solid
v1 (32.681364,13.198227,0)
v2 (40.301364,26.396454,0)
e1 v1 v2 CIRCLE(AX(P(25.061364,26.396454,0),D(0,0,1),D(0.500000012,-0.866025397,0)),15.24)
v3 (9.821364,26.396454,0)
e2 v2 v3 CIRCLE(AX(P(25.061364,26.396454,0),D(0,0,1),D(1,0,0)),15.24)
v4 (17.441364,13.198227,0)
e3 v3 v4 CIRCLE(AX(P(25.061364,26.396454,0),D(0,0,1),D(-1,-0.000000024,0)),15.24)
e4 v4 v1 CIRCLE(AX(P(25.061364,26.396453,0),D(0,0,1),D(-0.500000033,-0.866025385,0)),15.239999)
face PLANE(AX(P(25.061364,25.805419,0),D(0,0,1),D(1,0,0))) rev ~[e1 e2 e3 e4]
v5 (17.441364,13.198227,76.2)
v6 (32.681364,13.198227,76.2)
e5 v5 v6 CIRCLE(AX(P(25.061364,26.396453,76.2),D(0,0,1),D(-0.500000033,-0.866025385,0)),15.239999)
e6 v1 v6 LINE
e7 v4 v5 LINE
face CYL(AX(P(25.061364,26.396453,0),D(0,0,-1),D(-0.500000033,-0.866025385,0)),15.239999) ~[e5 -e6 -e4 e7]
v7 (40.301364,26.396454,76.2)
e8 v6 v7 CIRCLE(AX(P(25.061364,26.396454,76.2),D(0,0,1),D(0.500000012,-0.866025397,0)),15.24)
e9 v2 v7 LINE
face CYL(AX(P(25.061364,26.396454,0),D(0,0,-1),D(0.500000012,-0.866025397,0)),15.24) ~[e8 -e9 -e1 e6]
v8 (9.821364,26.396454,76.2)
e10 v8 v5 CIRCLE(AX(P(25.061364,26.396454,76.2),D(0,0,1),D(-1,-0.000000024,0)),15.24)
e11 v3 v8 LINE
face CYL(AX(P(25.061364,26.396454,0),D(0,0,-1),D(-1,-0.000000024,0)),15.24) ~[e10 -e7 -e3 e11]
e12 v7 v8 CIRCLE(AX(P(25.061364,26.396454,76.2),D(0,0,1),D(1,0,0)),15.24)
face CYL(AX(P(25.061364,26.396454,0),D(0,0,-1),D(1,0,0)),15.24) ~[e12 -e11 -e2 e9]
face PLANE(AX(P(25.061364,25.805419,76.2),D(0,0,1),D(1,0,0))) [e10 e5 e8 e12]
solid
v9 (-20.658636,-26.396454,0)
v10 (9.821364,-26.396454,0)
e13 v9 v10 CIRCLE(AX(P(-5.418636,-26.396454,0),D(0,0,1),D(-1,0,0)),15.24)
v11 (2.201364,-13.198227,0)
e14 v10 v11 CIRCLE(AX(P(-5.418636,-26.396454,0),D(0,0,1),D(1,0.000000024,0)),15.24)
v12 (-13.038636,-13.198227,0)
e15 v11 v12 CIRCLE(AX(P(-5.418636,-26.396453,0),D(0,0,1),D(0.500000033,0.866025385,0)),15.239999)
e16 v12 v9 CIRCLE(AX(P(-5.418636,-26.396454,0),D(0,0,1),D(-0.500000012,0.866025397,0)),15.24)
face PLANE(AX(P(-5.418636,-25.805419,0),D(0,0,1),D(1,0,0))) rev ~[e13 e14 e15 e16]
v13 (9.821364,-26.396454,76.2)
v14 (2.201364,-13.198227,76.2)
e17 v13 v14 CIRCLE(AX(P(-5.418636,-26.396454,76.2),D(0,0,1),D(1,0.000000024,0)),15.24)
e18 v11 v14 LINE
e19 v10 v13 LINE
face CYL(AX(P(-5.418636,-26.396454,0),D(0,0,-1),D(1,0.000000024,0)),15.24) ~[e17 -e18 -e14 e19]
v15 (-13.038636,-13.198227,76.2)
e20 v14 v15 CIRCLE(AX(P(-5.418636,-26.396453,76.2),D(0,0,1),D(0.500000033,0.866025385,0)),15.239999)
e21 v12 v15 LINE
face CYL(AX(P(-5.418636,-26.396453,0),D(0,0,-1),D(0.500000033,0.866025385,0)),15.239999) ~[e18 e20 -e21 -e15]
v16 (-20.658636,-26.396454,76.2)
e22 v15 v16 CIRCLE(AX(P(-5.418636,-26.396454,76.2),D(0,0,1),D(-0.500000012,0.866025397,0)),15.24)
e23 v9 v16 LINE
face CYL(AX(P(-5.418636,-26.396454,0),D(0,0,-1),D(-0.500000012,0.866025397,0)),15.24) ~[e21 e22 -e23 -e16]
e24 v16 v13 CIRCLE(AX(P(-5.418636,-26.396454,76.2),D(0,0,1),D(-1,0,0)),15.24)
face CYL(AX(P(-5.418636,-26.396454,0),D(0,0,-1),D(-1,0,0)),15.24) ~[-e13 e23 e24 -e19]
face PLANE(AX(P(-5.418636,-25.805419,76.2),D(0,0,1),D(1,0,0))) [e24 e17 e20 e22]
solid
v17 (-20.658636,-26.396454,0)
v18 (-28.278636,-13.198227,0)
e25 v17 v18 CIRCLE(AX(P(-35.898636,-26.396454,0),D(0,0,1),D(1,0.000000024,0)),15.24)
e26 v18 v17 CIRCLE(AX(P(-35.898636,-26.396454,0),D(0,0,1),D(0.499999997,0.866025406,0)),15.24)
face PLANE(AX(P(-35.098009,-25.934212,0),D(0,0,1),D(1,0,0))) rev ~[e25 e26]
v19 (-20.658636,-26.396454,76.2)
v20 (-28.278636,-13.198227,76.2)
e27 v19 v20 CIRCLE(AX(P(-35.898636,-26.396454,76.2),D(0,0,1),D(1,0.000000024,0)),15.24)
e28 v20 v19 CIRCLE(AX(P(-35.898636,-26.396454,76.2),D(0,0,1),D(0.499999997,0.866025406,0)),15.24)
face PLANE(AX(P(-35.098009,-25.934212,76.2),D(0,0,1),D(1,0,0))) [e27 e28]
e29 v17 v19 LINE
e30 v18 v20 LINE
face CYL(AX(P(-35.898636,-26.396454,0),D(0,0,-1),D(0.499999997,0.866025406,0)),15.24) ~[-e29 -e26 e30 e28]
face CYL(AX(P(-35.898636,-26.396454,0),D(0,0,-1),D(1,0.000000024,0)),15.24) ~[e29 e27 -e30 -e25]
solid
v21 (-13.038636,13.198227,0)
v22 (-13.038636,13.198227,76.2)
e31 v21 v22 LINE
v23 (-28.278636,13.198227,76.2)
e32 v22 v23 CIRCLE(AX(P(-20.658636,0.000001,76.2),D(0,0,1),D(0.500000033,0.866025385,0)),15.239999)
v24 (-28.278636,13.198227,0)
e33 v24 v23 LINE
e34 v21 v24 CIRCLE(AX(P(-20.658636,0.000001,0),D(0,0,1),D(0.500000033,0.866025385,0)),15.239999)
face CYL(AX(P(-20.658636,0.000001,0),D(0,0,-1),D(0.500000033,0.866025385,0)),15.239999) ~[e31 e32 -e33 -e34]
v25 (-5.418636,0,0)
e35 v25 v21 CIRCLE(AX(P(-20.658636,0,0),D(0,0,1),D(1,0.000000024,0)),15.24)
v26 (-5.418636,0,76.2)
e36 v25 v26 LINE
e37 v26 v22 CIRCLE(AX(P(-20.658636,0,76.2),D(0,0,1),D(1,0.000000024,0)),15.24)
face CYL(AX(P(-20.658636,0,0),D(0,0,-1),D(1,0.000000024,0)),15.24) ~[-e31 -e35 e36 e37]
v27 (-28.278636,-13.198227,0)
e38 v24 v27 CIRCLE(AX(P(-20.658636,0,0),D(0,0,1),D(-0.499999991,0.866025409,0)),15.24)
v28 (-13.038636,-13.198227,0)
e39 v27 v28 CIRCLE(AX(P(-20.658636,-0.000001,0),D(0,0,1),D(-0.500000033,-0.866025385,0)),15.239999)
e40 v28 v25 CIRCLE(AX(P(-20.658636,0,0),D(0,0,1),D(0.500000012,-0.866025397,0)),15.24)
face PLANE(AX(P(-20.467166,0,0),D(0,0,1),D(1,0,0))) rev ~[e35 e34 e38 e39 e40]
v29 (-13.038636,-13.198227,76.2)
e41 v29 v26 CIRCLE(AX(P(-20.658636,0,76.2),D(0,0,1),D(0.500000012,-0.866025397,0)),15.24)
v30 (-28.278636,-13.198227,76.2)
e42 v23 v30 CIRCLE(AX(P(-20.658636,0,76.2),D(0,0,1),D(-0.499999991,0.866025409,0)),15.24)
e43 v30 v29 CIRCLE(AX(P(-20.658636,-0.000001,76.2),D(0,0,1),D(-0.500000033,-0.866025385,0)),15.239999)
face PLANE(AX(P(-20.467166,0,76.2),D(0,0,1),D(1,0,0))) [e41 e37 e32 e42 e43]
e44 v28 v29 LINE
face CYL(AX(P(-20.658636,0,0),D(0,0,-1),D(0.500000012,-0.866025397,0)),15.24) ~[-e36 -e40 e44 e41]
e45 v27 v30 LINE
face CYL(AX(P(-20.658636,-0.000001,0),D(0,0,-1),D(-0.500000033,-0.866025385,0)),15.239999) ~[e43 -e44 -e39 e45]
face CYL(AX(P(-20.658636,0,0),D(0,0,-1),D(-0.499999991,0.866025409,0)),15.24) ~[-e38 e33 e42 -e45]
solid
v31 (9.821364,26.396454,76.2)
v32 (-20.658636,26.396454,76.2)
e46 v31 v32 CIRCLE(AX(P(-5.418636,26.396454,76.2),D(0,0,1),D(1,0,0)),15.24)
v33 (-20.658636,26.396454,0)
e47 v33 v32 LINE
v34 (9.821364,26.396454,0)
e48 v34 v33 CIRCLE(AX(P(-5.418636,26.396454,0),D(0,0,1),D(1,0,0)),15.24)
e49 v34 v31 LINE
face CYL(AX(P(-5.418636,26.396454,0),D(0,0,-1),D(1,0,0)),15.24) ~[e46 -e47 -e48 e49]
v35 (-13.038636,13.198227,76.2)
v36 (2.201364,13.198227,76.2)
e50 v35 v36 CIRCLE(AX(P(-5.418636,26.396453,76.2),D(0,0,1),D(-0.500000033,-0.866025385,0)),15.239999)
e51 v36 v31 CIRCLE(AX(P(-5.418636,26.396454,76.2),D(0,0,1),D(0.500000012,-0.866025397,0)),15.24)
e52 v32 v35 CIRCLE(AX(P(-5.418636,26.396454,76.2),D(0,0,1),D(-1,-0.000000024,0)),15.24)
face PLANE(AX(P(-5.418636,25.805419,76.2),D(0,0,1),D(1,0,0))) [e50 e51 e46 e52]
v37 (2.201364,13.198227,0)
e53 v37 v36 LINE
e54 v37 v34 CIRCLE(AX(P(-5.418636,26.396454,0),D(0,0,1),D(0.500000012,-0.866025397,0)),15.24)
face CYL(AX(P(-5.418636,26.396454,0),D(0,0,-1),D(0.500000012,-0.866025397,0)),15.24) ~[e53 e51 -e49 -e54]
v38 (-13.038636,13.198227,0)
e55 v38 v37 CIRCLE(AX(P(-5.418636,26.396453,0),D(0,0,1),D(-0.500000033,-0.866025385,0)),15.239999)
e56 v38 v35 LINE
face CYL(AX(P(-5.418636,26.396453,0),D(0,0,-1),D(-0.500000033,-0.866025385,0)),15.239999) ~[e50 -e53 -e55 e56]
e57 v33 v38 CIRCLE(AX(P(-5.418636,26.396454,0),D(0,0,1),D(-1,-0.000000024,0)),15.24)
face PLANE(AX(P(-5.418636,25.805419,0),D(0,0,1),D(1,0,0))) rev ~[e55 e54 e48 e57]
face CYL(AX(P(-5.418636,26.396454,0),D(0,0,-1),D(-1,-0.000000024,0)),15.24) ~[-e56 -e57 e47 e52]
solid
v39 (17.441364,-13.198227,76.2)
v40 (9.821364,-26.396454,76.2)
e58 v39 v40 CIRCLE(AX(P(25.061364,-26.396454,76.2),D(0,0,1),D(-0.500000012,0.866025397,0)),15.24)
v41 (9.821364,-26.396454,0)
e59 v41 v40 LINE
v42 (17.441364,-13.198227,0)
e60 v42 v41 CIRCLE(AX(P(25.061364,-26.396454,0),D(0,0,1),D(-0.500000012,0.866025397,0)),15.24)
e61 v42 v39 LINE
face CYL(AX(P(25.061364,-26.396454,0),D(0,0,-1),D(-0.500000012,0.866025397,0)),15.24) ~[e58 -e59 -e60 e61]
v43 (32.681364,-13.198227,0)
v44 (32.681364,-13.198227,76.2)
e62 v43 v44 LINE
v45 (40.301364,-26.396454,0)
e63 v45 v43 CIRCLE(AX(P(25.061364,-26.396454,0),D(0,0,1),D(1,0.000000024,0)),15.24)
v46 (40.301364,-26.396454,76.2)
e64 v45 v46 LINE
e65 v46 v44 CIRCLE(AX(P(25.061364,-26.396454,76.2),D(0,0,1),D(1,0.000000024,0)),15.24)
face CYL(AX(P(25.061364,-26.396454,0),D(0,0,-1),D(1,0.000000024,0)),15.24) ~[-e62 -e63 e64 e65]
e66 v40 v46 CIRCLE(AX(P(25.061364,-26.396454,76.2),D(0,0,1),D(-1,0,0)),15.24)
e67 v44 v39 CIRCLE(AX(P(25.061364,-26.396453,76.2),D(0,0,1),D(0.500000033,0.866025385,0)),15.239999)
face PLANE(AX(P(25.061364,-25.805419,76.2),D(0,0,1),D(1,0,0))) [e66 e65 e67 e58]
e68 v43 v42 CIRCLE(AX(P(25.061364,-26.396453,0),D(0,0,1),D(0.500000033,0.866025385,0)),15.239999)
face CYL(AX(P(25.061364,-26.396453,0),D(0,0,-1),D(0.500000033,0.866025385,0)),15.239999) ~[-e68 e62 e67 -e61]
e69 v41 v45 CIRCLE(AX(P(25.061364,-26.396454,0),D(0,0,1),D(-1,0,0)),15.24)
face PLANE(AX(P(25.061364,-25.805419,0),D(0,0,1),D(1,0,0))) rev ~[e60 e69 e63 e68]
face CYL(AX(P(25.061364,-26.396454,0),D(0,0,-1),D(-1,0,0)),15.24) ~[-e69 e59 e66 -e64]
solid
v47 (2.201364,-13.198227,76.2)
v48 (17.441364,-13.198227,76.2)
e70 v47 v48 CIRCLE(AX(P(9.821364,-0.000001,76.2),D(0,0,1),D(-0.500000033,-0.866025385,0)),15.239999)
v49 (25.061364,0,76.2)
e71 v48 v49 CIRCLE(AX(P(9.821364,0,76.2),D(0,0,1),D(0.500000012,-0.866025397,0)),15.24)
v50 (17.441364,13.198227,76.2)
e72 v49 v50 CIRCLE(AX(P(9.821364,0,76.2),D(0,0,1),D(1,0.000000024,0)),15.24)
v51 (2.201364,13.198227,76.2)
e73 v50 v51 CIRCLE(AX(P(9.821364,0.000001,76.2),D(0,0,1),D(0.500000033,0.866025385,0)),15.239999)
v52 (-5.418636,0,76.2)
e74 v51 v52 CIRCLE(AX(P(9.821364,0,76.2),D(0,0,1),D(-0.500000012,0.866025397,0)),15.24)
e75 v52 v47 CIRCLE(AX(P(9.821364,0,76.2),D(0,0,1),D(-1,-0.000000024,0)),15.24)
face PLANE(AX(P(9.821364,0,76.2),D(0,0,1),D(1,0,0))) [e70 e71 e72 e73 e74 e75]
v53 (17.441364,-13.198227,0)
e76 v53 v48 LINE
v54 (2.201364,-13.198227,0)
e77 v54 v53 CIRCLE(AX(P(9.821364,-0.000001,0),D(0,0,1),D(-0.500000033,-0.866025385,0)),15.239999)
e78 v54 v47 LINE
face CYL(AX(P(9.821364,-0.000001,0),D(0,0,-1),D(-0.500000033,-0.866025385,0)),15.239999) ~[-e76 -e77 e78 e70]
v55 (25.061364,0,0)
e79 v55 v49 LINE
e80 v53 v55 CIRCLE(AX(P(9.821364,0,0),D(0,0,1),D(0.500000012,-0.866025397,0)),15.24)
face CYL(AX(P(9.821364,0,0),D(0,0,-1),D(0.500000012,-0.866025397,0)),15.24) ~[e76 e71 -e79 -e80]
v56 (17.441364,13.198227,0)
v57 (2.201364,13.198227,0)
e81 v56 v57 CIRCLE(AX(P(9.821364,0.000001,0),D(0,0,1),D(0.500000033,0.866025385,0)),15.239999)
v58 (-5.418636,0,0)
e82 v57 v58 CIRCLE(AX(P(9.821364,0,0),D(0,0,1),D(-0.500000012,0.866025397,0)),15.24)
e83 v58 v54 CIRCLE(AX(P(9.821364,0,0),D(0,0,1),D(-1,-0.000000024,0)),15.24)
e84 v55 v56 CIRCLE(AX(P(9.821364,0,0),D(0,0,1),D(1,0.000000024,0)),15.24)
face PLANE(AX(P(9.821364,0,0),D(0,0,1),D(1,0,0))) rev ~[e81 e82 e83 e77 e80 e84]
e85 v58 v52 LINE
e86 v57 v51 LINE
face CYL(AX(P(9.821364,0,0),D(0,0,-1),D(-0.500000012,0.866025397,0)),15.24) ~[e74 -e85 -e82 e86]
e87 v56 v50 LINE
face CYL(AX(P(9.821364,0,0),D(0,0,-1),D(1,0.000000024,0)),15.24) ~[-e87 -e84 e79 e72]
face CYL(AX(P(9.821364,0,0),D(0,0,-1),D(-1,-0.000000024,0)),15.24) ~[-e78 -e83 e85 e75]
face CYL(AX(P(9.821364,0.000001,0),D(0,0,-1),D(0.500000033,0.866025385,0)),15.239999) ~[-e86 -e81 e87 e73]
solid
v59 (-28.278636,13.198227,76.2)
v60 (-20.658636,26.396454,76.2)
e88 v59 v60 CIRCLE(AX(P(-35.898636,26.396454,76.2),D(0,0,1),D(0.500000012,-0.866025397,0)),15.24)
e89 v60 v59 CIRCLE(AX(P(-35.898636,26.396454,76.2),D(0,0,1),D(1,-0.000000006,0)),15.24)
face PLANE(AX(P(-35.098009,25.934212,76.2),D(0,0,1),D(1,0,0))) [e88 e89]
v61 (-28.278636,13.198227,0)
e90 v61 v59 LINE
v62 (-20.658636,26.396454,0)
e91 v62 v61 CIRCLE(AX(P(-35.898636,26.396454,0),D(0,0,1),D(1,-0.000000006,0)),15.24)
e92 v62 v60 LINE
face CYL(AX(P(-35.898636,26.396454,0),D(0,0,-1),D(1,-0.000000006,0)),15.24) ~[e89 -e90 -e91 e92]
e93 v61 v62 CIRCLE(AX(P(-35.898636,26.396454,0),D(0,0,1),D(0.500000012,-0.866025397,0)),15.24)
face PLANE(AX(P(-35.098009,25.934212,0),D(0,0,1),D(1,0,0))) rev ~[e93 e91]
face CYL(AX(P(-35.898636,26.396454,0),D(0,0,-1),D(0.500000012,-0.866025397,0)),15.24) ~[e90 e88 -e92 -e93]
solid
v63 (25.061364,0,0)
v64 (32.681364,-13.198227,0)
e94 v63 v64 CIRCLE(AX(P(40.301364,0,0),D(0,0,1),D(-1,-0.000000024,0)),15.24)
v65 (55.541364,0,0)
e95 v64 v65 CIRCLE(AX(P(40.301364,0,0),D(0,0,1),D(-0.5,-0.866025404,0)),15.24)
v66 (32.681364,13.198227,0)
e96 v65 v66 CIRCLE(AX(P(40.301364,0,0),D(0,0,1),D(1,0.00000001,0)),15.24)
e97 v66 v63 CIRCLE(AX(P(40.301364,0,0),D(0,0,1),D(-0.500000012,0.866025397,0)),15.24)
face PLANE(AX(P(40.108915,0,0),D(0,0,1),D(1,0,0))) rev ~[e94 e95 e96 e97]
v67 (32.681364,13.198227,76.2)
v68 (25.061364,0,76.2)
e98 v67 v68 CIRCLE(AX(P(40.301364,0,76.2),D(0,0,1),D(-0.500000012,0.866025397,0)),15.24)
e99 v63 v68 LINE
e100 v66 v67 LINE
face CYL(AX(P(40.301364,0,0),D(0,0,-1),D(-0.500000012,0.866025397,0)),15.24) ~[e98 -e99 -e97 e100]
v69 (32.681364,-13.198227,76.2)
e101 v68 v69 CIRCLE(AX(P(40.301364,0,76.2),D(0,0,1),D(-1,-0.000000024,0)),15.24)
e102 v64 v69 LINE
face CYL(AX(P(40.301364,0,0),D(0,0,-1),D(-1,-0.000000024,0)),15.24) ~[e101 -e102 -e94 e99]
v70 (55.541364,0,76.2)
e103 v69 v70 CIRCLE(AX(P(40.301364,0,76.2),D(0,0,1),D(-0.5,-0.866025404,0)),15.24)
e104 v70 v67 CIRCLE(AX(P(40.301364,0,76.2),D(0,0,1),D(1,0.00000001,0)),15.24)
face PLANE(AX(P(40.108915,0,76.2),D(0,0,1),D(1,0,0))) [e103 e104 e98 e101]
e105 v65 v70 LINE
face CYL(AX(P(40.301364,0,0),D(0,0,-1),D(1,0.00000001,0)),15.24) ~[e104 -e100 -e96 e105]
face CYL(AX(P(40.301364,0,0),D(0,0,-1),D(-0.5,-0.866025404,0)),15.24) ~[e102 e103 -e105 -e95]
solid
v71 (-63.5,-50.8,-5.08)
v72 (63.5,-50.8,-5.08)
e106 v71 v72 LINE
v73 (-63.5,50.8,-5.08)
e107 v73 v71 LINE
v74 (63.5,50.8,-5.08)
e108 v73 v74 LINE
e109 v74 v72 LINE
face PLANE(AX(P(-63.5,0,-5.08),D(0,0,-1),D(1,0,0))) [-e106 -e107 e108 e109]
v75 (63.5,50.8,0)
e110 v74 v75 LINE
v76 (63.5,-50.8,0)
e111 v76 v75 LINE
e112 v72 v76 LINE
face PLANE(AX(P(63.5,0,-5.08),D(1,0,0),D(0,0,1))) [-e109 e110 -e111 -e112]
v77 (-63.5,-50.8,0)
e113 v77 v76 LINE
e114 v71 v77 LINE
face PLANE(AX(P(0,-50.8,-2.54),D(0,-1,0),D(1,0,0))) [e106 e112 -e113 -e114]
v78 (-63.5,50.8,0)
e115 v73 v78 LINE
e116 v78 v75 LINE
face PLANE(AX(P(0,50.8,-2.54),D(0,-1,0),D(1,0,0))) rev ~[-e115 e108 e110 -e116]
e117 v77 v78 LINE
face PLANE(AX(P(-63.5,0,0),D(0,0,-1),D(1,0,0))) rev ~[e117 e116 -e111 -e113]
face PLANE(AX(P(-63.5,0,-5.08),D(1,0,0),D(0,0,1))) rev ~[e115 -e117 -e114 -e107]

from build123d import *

# Parameters (mm, degrees)
F1_DEPTH = 76.2
F2_W     = 127
F2_H     = 5.08
F3_DEPTH = 50.8


with BuildPart() as f1:
    # F0 (on Top) → F1 (new body)
    with BuildSketch(Plane.XY):
        with BuildLine():
            ThreePointArc((-28.278636, 13.198227), (-22.700409, 18.776454), (-20.658636, 26.396454))
            ThreePointArc((-20.658636, 26.396454), (-49.096863, 34.016454), (-28.278636, 13.198227))
        make_face()
        with BuildLine():
            ThreePointArc((9.821364, 26.396454), (-5.418636, 41.636454), (-20.658636, 26.396454))
            ThreePointArc((-20.658636, 26.396454), (-18.616863, 18.776454), (-13.038636, 13.198227))
            ThreePointArc((-13.038636, 13.198227), (-5.418636, 11.156454), (2.201364, 13.198227))
            ThreePointArc((2.201364, 13.198227), (7.779591, 18.776454), (9.821364, 26.396454))
        make_face()
        with BuildLine():
            ThreePointArc((40.301364, 26.396454), (25.061364, 41.636454), (9.821364, 26.396454))
            ThreePointArc((9.821364, 26.396454), (11.863137, 18.776454), (17.441364, 13.198227))
            ThreePointArc((17.441364, 13.198227), (25.061364, 11.156454), (32.681364, 13.198227))
            ThreePointArc((32.681364, 13.198227), (38.259591, 18.776454), (40.301364, 26.396454))
        make_face()
        with BuildLine():
            ThreePointArc((55.541364, 0), (47.921364, 13.198227), (32.681364, 13.198227))
            ThreePointArc((32.681364, 13.198227), (27.103137, 7.62), (25.061364, 0))
            ThreePointArc((25.061364, 0), (27.103137, -7.62), (32.681364, -13.198227))
            ThreePointArc((32.681364, -13.198227), (47.921364, -13.198227), (55.541364, 0))
        make_face()
        with BuildLine():
            ThreePointArc((17.441364, 13.198227), (9.821364, 15.24), (2.201364, 13.198227))
            ThreePointArc((2.201364, 13.198227), (-3.376863, 7.62), (-5.418636, 0))
            ThreePointArc((-5.418636, 0), (-3.376863, -7.62), (2.201364, -13.198227))
            ThreePointArc((2.201364, -13.198227), (9.821364, -15.24), (17.441364, -13.198227))
            ThreePointArc((17.441364, -13.198227), (23.019591, -7.62), (25.061364, 0))
            ThreePointArc((25.061364, 0), (23.019591, 7.62), (17.441364, 13.198227))
        make_face()
        with BuildLine():
            ThreePointArc((-13.038636, 13.198227), (-20.658636, 15.24), (-28.278636, 13.198227))
            ThreePointArc((-28.278636, 13.198227), (-35.898636, 0), (-28.278636, -13.198227))
            ThreePointArc((-28.278636, -13.198227), (-20.658636, -15.24), (-13.038636, -13.198227))
            ThreePointArc((-13.038636, -13.198227), (-7.460409, -7.62), (-5.418636, 0))
            ThreePointArc((-5.418636, 0), (-7.460409, 7.62), (-13.038636, 13.198227))
        make_face()
        with BuildLine():
            ThreePointArc((-20.658636, -26.396454), (-22.700409, -18.776454), (-28.278636, -13.198227))
            ThreePointArc((-28.278636, -13.198227), (-49.096863, -34.016454), (-20.658636, -26.396454))
        make_face()
        with BuildLine():
            ThreePointArc((2.201364, -13.198227), (-5.418636, -11.156454), (-13.038636, -13.198227))
            ThreePointArc((-13.038636, -13.198227), (-18.616863, -18.776454), (-20.658636, -26.396454))
            ThreePointArc((-20.658636, -26.396454), (-5.418636, -41.636454), (9.821364, -26.396454))
            ThreePointArc((9.821364, -26.396454), (7.779591, -18.776454), (2.201364, -13.198227))
        make_face()
        with BuildLine():
            ThreePointArc((17.441364, -13.198227), (11.863137, -18.776454), (9.821364, -26.396454))
            ThreePointArc((9.821364, -26.396454), (25.061364, -41.636454), (40.301364, -26.396454))
            ThreePointArc((40.301364, -26.396454), (38.259591, -18.776454), (32.681364, -13.198227))
            ThreePointArc((32.681364, -13.198227), (25.061364, -11.156454), (17.441364, -13.198227))
        make_face()
    extrude(amount=F1_DEPTH)


with BuildPart() as f3:
    # F2 (on Front) → F3 (new body, symmetric)
    with BuildSketch(Plane.XZ):
        with Locations((0, -2.54)):
            Rectangle(F2_W, F2_H)
    extrude(amount=F3_DEPTH, both=True)


solid = Compound([f1.part, f3.part])
